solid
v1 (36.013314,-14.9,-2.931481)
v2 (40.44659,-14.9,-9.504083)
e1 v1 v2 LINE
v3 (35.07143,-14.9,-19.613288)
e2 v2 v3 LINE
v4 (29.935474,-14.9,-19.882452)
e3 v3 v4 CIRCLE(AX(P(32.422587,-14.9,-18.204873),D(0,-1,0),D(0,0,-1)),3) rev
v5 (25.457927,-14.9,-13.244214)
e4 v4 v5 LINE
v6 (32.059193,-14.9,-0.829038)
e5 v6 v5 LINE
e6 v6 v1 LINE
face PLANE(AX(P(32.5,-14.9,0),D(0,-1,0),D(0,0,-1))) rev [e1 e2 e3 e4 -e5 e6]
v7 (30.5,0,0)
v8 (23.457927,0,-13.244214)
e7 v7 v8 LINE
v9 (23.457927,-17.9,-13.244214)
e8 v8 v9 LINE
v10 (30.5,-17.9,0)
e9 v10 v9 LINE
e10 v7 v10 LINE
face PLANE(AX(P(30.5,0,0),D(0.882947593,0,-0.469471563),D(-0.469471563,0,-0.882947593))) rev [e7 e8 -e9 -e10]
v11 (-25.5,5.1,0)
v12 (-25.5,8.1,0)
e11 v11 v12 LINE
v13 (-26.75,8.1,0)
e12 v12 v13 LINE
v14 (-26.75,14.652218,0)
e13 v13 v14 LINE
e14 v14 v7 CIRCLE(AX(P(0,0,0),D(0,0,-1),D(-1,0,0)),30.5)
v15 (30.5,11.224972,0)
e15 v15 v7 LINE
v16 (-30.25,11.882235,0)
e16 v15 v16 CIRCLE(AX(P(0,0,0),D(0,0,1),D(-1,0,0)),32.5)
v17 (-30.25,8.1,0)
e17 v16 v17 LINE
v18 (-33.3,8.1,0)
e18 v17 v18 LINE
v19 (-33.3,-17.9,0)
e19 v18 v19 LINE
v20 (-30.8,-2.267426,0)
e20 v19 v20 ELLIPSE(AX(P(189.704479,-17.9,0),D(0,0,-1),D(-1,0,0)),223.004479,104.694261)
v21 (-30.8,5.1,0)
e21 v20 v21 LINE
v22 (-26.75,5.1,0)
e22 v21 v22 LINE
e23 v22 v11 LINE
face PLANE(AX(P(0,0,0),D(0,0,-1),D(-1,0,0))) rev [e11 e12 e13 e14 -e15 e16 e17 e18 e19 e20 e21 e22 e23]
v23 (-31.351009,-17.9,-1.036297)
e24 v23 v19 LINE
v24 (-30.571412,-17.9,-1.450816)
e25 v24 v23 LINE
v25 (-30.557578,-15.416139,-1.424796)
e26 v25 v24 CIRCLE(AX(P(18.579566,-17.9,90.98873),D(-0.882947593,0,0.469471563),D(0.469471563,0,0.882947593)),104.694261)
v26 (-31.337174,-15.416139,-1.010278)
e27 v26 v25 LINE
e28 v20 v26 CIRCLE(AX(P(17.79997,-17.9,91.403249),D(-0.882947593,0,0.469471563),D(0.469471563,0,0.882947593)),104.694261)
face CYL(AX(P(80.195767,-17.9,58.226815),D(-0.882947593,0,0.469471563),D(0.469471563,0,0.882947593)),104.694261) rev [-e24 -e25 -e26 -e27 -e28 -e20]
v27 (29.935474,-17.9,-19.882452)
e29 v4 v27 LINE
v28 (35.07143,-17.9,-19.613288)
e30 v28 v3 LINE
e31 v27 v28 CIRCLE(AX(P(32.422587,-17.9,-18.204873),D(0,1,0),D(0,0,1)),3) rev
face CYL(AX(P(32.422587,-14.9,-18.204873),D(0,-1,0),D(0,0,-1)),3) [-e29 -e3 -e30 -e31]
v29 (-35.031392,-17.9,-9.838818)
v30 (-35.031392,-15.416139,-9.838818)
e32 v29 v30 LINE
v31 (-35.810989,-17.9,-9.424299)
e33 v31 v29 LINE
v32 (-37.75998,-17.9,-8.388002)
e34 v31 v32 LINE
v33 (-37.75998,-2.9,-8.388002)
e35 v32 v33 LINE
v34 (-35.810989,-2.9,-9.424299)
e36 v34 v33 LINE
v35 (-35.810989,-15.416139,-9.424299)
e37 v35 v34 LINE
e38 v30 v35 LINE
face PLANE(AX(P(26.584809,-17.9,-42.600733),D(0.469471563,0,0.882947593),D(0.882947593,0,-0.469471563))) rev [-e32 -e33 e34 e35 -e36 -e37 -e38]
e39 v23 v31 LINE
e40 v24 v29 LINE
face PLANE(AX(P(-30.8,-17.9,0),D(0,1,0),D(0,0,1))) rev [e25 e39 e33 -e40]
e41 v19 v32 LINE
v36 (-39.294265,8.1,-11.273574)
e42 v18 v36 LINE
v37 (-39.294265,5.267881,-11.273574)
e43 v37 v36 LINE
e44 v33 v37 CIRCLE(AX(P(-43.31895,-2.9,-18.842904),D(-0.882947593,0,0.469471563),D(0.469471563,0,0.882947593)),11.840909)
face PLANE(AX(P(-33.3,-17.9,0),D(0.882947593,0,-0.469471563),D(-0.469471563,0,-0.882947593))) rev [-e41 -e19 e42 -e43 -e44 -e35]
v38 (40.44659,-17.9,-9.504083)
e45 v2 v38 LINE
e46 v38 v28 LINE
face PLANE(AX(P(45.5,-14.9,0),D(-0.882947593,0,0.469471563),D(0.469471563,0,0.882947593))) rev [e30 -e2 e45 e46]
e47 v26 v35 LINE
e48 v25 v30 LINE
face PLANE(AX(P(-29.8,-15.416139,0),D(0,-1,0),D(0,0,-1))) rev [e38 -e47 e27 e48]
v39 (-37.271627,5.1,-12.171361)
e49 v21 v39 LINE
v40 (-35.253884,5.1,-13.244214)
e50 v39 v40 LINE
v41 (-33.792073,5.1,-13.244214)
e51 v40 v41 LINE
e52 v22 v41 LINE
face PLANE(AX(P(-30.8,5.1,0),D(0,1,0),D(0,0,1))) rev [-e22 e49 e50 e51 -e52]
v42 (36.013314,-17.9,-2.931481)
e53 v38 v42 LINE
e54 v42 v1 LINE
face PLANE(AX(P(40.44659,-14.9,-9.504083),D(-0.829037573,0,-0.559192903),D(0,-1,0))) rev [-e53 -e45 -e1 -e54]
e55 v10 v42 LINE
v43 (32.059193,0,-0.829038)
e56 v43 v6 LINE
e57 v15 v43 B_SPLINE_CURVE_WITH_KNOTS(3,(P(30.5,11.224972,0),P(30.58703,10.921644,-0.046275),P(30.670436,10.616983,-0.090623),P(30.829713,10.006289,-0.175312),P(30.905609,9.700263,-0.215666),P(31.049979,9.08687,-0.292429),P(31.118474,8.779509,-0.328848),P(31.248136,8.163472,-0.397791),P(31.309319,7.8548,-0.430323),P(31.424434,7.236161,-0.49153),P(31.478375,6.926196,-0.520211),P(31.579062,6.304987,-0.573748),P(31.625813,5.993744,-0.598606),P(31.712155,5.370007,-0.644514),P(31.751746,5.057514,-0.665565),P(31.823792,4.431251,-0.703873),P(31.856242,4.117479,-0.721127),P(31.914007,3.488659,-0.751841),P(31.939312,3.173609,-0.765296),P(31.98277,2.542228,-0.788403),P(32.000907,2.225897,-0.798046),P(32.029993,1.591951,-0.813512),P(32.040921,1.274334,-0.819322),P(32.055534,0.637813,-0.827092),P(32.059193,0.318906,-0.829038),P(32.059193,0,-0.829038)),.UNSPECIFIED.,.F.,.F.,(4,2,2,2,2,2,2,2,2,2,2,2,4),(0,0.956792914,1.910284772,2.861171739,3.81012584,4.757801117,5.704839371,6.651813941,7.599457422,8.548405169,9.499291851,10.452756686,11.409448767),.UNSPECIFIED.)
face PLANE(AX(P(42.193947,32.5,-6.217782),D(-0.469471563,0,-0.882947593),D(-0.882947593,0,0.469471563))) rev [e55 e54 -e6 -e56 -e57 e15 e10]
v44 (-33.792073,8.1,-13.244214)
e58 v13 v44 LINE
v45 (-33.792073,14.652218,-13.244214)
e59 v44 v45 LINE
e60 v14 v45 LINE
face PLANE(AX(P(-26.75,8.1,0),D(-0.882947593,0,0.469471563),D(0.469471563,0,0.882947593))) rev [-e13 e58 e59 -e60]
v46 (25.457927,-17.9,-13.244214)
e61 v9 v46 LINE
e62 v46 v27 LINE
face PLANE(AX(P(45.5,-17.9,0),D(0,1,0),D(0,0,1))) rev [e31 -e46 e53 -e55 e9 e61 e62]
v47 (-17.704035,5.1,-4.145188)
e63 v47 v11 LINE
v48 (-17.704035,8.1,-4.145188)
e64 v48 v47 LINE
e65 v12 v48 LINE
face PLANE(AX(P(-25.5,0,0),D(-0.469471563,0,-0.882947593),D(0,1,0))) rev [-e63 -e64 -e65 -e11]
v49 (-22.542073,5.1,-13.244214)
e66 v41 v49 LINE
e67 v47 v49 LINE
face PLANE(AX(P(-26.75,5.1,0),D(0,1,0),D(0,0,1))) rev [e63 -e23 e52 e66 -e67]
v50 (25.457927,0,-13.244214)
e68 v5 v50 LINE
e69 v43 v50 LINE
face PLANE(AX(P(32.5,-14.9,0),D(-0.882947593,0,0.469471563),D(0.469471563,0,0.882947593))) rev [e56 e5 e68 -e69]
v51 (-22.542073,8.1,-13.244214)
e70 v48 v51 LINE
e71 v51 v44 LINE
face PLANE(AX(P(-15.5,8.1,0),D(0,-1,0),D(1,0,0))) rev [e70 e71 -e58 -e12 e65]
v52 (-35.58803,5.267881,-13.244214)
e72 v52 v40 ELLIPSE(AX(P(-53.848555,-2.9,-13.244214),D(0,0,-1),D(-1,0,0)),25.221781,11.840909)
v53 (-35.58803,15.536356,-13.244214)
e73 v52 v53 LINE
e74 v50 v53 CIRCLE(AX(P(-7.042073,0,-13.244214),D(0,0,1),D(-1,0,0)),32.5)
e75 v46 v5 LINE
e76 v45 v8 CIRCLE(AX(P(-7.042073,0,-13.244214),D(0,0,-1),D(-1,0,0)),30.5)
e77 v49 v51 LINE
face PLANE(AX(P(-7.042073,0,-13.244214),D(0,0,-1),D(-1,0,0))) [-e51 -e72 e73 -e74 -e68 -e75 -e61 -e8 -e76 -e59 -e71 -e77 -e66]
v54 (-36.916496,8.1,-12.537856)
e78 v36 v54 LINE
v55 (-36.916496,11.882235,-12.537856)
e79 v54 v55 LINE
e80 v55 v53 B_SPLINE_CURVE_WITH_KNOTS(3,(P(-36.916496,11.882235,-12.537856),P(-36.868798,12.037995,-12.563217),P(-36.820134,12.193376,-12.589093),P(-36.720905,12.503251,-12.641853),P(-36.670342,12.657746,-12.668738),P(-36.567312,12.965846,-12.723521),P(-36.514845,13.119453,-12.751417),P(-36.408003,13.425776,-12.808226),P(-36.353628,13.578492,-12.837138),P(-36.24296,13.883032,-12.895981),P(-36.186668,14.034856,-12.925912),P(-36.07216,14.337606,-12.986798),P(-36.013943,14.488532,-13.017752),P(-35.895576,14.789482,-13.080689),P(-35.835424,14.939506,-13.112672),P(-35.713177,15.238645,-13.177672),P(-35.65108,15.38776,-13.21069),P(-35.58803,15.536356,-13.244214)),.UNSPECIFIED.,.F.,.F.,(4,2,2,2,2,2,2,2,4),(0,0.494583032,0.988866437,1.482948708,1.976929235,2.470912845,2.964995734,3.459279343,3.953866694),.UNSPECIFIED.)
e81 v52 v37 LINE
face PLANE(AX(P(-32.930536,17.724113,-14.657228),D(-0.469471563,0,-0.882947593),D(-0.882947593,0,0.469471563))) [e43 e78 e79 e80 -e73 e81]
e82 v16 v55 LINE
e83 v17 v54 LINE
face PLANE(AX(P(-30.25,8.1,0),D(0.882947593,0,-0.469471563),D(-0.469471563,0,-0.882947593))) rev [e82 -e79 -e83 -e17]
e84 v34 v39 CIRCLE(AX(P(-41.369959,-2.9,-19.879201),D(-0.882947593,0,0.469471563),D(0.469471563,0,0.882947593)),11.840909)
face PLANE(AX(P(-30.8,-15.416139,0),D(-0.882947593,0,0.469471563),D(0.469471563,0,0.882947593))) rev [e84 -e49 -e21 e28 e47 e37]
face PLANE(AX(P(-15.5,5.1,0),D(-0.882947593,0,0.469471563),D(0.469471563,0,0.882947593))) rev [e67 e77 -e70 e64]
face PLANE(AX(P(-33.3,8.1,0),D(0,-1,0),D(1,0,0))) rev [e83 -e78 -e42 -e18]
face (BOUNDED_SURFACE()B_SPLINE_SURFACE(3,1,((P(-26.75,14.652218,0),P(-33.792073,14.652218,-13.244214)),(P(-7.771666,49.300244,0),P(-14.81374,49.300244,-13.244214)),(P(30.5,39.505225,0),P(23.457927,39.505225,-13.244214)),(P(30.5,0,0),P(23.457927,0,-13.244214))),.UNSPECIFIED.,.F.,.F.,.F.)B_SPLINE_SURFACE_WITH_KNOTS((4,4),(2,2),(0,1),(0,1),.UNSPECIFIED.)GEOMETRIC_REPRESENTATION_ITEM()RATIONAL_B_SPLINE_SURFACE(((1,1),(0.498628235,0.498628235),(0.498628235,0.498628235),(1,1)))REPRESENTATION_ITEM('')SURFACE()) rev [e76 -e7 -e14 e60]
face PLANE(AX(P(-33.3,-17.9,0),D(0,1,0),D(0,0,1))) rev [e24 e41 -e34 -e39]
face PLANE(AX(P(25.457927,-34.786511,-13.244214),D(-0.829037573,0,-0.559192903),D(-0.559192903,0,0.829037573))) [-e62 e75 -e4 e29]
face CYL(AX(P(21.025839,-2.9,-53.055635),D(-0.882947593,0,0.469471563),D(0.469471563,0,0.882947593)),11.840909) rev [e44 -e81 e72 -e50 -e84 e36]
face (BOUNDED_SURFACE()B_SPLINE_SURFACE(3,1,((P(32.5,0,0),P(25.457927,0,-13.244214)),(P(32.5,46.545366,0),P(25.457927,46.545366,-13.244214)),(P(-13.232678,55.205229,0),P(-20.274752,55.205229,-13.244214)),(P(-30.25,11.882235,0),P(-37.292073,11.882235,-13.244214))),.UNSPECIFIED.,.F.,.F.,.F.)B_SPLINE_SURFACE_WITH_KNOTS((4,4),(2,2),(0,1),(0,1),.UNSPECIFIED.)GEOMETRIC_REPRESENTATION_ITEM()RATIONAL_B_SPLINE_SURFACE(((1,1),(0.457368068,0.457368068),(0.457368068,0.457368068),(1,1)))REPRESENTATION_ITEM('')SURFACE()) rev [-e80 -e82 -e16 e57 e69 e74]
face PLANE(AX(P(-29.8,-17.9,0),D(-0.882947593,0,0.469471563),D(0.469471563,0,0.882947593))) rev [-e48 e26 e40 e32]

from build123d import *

# Parameters (mm, degrees)
CORTE_EXTRUS_O1_DEPTH      = 51.4
CORTE_EXTRUS_O2_DEPTH      = 73.874980511
CHANFRO1_SIZE              = 10
CHANFRO1_SIZE2             = 4.694715628
ESBO_O6_W                  = 5.368395338
ESBO_O6_H                  = 18.334195556
CORTE_EXTRUS_O3_DEPTH      = 5
CORTE_EXTRUS_O3_DEPTH_BACK = 5
RESSALTO_EXTRUS_O2_DEPTH   = 3
CHANFRO2_SIZE              = 7
CHANFRO2_SIZE2             = 3.721966022
FILETE2_R                  = 3


with BuildPart() as part:
    # Varredura2: sweep along a path in Esboço2
    with BuildLine(Plane(origin=(0, 0, 0), x_dir=(1, 0, 0), z_dir=(0, 1, 0))) as varredura2_path:
        Line((0, 0), (-7.042073442, 13.244213893))
    # Esboço1<3> → Varredura2 (sweep)
    with BuildSketch(Plane.XY):
        with BuildLine():
            Line((30.5, 0), (30.5, -17.9))
            Line((30.5, -17.9), (45.5, -17.9))
            Line((45.5, -17.9), (45.5, -14.9))
            Line((45.5, -14.9), (32.5, -14.9))
            Line((32.5, -14.9), (32.5, 0))
            ThreePointArc((32.5, 0), (6.046693311, 31.932546093), (-30.25, 11.882234638))
            Line((-30.25, 11.882234638), (-30.25, 8.1))
            Line((-30.25, 8.1), (-33.3, 8.1))
            Line((-33.3, 8.1), (-33.3, -17.9))
            Line((-33.3, -17.9), (-30.8, -17.9))
            Line((-30.8, -17.9), (-29.8, -17.9))
            Line((-29.8, -17.9), (-29.8, -15.416139266))
            Line((-29.8, -15.416139266), (-30.8, -15.416139266))
            Line((-30.8, -15.416139266), (-30.8, 5.1))
            Line((-30.8, 5.1), (-26.75, 5.1))
            Line((-26.75, 5.1), (-15.5, 5.1))
            Line((-15.5, 5.1), (-15.5, 8.1))
            Line((-15.5, 8.1), (-26.75, 8.1))
            Line((-26.75, 8.1), (-26.75, 14.652218262))
            ThreePointArc((-26.75, 14.652218262), (7.562241731, 29.547631039), (30.5, 0))
        make_face()
    sweep(path=varredura2_path.line)

    # Esboço4 → Corte-extrusão1 (cut, through all)
    with BuildSketch(Plane.XZ.offset(17.9)):
        Polygon((42.193946776, -6.217781794), (30.5, 0), (45.5, 0), align=None)
    extrude(amount=-CORTE_EXTRUS_O1_DEPTH, mode=Mode.SUBTRACT)

    # Esboço5 → Corte-extrusão2 (cut, through all)
    with BuildSketch(Plane(origin=(-25.960561843, 0, 13.803475583), x_dir=(0.469471563, 0, 0.882947593), z_dir=(-0.882947593, 0, 0.469471563))):
        with BuildLine():
            Line((-30.633403041, -17.9), (-25.133403041, -17.9))
            Line((-25.133403041, -17.9), (-25.133403041, -2.9))
            ThreePointArc((-25.133403041, -2.9), (-26.599119213, 2.806356105), (-30.633403041, 7.1))
            Line((-30.633403041, 7.1), (-30.633403041, -17.9))
        make_face()
        with BuildLine():
            Line((-13.16947903, 4.679780509), (-13.16947903, -17.9))
            Line((-13.16947903, -17.9), (-15.633403041, -17.9))
            ThreePointArc((-15.633403041, -17.9), (-15.015599199, -6.543092307), (-13.16947903, 4.679780509))
        make_face()
    extrude(amount=-CORTE_EXTRUS_O2_DEPTH, mode=Mode.SUBTRACT)

    # Chanfro1
    chanfro1_edges = [part.edges().sort_by_distance(p)[0] for p in [
        (-15.5, 6.6, 0),
    ]]
    chanfro1_side = [part.faces().sort_by_distance(p)[0] for p in [
        (-23.15, 5.913055964, 0),
    ]]
    chamfer(chanfro1_edges, length=CHANFRO1_SIZE, length2=CHANFRO1_SIZE2, reference=chanfro1_side[0])

    # Esboço6 → Corte-extrusão3 (cut, two sides)
    with BuildSketch(Plane(origin=(-24.011570713, 0, 12.767178617), x_dir=(-0.469471563, 0, -0.882947593), z_dir=(0.882947593, 0, -0.469471563))) as corte_extrus_o3_sk:
        with Locations((31.085712443, 8.557015368)):
            Rectangle(ESBO_O6_W, ESBO_O6_H)
    extrude(amount=CORTE_EXTRUS_O3_DEPTH, mode=Mode.SUBTRACT)
    extrude(corte_extrus_o3_sk.sketch, amount=-CORTE_EXTRUS_O3_DEPTH_BACK, mode=Mode.SUBTRACT)

    # Esboço7 → Ressalto-extrusão2 (add)
    with BuildSketch(Plane(origin=(0, -14.9, 0), x_dir=(1, 0, 0), z_dir=(0, 1, 0))):
        Polygon((25.457926558, 13.244213893), (32.727434303, 24.021702336), (38.457926558, 13.244213893), align=None)
    extrude(amount=-RESSALTO_EXTRUS_O2_DEPTH)

    # Chanfro2
    chanfro2_edges = [part.edges().sort_by_distance(p)[0] for p in [
        (42.193946776, -16.4, -6.217781794),
    ]]
    chanfro2_side = [part.faces().sort_by_distance(p)[0] for p in [
        (36.346973388, -17.580051063, -3.108890897),
    ]]
    chamfer(chanfro2_edges, length=CHANFRO2_SIZE, length2=CHANFRO2_SIZE2, reference=chanfro2_side[0])

    # Filete2
    filete2_edges = [part.edges().sort_by_distance(p)[0] for p in [
        (32.727434303, -16.4, -24.021702336),
    ]]
    fillet(filete2_edges, radius=FILETE2_R)


solid = part.part
